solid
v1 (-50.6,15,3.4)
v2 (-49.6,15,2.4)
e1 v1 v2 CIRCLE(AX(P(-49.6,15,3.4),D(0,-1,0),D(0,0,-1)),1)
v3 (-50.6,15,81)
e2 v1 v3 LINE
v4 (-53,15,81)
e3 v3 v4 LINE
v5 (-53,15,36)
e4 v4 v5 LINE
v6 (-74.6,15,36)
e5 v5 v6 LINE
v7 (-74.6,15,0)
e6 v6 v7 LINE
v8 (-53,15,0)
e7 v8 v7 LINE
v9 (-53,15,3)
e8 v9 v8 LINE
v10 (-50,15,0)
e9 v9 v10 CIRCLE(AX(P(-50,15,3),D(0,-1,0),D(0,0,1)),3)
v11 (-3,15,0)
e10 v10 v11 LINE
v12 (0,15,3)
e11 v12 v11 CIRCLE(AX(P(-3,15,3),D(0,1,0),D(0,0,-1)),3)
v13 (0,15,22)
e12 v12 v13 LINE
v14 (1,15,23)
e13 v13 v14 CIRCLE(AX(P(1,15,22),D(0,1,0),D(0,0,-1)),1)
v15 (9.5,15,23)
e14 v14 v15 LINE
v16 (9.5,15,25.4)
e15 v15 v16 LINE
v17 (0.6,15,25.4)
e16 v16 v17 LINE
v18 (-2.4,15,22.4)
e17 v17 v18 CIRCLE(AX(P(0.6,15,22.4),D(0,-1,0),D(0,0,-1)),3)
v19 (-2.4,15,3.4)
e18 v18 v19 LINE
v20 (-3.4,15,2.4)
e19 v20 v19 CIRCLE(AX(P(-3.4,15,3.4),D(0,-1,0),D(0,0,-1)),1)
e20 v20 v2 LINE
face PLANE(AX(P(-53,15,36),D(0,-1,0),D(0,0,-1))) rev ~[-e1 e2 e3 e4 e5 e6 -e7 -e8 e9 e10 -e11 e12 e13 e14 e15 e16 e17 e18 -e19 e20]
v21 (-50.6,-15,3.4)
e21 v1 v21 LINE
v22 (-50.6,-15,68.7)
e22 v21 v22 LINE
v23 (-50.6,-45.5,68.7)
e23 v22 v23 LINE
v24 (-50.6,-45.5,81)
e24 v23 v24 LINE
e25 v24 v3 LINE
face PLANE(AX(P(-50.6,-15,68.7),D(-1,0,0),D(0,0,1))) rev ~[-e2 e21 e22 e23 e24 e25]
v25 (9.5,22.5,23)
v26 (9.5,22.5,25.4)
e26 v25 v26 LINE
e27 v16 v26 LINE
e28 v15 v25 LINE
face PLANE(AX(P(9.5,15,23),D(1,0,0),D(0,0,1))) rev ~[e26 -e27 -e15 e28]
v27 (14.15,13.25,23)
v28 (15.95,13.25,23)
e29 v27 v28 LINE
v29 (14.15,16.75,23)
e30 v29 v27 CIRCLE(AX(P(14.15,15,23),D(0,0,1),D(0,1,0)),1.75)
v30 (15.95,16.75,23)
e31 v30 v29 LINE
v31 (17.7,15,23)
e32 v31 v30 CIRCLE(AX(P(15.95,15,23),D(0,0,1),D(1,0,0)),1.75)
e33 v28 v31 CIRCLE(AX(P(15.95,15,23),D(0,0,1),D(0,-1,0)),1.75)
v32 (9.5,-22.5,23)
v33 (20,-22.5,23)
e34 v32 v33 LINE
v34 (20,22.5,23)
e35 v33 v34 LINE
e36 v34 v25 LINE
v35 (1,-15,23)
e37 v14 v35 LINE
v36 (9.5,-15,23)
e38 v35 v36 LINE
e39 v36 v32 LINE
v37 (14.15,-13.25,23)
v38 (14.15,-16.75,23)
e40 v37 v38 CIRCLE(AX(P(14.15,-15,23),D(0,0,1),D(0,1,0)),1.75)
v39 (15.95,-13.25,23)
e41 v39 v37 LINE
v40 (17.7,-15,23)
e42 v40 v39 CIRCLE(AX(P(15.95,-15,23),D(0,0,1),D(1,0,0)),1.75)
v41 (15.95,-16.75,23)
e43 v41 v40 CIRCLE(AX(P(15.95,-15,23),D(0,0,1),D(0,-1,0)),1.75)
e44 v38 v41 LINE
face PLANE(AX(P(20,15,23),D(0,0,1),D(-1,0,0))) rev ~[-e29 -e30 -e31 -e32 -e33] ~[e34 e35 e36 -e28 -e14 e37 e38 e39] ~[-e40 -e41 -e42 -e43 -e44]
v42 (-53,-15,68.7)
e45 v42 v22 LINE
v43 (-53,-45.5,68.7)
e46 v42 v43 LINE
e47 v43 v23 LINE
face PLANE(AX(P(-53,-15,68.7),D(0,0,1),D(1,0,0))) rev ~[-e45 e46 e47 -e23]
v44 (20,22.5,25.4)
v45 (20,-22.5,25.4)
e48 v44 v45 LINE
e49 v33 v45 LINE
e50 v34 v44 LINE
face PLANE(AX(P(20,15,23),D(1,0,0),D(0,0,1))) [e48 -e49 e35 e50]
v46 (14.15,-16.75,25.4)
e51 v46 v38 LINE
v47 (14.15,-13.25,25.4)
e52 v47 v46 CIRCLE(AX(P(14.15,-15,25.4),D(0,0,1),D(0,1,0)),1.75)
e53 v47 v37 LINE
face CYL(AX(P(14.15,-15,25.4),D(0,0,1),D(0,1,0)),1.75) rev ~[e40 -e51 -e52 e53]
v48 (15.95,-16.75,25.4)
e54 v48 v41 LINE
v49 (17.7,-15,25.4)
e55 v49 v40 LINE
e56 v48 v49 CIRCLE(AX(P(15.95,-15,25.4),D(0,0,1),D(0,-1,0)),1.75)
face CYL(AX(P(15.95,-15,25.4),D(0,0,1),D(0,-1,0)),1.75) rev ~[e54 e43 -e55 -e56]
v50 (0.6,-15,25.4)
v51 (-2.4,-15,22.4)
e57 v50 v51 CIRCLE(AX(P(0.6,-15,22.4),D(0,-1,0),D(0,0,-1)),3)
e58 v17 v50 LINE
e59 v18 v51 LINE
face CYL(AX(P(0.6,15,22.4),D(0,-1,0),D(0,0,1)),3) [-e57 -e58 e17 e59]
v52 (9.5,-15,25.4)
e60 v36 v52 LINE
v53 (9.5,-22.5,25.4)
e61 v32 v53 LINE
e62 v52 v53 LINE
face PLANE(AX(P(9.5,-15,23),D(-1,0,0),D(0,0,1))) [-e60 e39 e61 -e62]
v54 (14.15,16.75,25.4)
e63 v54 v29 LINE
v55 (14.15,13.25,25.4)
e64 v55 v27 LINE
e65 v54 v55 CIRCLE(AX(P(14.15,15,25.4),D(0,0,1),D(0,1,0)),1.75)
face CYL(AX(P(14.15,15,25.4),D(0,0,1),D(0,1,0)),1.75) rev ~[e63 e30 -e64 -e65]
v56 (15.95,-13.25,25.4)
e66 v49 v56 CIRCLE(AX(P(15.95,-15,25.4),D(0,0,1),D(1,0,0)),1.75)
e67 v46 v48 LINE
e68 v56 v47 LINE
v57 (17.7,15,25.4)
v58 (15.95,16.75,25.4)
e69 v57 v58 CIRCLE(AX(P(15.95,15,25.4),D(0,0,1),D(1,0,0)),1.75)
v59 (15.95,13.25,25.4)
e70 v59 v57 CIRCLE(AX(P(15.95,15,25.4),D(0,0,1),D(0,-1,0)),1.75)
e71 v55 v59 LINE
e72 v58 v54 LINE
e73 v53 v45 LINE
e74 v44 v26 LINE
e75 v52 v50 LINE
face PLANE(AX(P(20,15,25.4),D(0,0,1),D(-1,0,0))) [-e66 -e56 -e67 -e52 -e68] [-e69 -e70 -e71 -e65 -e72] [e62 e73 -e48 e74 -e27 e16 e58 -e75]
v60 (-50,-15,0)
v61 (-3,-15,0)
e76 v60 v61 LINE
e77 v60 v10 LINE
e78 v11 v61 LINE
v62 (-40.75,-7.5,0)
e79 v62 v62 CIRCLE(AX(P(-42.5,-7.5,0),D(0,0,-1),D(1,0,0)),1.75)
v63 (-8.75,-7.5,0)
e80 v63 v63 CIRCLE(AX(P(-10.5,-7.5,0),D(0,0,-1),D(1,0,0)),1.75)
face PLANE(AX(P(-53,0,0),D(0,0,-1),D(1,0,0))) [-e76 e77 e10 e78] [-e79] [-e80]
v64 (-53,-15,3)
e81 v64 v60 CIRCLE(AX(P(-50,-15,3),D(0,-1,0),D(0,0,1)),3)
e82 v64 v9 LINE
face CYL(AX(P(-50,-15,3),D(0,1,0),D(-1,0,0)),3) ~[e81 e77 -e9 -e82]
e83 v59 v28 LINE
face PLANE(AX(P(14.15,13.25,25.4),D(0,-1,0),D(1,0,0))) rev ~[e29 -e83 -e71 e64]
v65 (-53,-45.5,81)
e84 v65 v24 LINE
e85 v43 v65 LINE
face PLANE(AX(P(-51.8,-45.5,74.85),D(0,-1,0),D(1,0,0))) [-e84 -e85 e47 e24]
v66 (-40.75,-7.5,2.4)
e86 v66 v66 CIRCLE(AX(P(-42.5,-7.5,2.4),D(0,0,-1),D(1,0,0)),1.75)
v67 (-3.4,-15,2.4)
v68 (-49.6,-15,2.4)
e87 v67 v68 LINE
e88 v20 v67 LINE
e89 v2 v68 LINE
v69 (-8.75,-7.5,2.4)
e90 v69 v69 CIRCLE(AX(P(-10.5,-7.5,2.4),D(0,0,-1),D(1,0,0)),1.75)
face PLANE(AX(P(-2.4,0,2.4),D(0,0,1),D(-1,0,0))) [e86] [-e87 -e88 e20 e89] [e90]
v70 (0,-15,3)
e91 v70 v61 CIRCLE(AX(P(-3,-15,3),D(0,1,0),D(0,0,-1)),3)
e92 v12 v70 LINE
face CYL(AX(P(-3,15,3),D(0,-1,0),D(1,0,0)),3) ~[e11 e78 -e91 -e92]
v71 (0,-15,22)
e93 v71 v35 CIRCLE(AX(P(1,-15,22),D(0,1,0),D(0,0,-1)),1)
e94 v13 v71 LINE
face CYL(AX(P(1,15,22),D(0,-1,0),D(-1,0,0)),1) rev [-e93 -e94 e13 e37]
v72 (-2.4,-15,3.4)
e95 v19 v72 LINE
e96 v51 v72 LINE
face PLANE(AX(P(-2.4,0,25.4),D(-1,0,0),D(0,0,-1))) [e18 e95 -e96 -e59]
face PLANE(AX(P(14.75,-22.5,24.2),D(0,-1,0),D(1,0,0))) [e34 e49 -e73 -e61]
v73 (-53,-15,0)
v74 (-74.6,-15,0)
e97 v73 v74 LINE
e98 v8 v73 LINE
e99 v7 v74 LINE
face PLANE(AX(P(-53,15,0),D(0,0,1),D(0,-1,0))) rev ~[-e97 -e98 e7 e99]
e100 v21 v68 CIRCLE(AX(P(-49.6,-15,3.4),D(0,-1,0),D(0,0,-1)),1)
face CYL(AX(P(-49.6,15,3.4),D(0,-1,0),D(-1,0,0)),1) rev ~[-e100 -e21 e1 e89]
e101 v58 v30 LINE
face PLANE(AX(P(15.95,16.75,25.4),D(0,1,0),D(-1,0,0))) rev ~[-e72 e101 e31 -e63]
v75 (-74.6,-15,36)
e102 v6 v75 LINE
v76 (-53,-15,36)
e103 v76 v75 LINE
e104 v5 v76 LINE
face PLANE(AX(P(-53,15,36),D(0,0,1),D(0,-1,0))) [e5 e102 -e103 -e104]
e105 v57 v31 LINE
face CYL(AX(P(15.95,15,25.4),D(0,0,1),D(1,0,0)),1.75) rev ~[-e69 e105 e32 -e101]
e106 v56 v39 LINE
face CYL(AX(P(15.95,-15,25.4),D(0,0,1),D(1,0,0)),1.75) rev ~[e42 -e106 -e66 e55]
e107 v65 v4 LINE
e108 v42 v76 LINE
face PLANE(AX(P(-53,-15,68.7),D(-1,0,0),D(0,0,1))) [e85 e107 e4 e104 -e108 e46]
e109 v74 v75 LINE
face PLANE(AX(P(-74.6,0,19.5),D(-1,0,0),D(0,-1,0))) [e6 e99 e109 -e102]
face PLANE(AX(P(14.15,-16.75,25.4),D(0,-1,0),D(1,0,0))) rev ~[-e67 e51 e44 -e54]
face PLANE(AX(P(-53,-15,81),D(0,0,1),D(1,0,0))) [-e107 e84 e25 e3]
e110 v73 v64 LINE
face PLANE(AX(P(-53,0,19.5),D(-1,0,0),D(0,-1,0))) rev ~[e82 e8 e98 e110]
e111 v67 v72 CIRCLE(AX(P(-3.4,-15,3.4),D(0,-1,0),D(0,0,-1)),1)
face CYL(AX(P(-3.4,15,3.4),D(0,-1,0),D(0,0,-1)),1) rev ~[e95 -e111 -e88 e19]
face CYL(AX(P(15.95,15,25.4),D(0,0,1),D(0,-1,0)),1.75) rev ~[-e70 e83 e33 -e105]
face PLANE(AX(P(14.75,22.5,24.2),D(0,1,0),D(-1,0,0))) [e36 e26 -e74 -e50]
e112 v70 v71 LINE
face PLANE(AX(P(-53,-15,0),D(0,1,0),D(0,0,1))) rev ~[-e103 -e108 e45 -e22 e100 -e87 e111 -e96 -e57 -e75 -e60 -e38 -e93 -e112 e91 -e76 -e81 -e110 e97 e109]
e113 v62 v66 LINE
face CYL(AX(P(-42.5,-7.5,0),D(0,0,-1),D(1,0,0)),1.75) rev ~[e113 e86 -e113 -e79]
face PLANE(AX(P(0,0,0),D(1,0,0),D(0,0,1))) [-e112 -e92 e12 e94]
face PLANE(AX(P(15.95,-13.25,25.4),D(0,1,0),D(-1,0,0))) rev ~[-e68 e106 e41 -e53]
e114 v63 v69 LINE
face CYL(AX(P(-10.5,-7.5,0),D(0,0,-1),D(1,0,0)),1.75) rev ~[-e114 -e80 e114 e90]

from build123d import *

# Parameters (mm, degrees)
F1_DEPTH  = 15
F2_W      = 2.4
F2_H      = 12.3
F3_DEPTH  = 30.5
F2_W_2    = 10.5
F2_H_2    = 2.4
F4_DEPTH  = 7.5
F5_W      = 10.5
F5_H      = 2.4
F6_DEPTH  = 7.5
F8_DEPTH  = 2.4
F9_R      = 3
F10_R     = 1
F11_W     = 30
F11_H     = 33
F11_H_2   = 3
F12_DEPTH = 21.6
F13_R     = 1.75
F14_DEPTH = 2.4


with BuildPart() as f1:
    # F0 (on Front) → F1 (new body, symmetric)
    with BuildSketch(Plane.XZ):
        Polygon((-53, 0), (0, 0), (0, 23), (20, 23), (20, 25.4), (-2.4, 25.4), (-2.4, 2.4), (-50.6, 2.4), (-50.6, 81), (-53, 81), align=None)
    extrude(amount=F1_DEPTH, both=True)

    # F2 (on face) → F3 (join)
    with BuildSketch(Plane.XZ.offset(15)):
        with Locations((-51.8, 74.85)):
            Rectangle(F2_W, F2_H)
    extrude(amount=F3_DEPTH)

    # F2 (on face) → F4 (join)
    with BuildSketch(Plane.XZ.offset(15)):
        with Locations((14.75, 24.2)):
            Rectangle(F2_W_2, F2_H_2)
    extrude(amount=F4_DEPTH)

    # F5 (on face) → F6 (join)
    with BuildSketch(Plane(origin=(0, 15, 0), x_dir=(-1, 0, 0), z_dir=(0, 1, 0))):
        with Locations((-14.75, 24.2)):
            Rectangle(F5_W, F5_H)
    extrude(amount=F6_DEPTH)

    # F7 (on face) → F8 (cut, through all)
    with BuildSketch(Plane.XY.offset(25.4)):
        with BuildLine():
            ThreePointArc((15.05, -13.499166898), (14.6169272275, -13.3134416807), (14.15, -13.25))
            ThreePointArc((14.15, -13.25), (12.4, -15), (14.15, -16.75))
            ThreePointArc((14.15, -16.75), (14.6169272275, -16.6865583193), (15.05, -16.500833102))
            ThreePointArc((15.05, -16.500833102), (14.2, -15), (15.05, -13.499166898))
        make_face()
        with BuildLine():
            ThreePointArc((15.9, -15), (15.6727442333, -14.1375905845), (15.05, -13.499166898))
            ThreePointArc((15.05, -13.499166898), (14.2, -15), (15.05, -16.500833102))
            ThreePointArc((15.05, -16.500833102), (15.6727442333, -15.8624094155), (15.9, -15))
        make_face()
        with BuildLine():
            ThreePointArc((15.95, -13.25), (15.4830727725, -13.3134416807), (15.05, -13.499166898))
            ThreePointArc((15.05, -13.499166898), (15.6727442333, -14.1375905845), (15.9, -15))
            ThreePointArc((15.9, -15), (15.6727442333, -15.8624094155), (15.05, -16.500833102))
            ThreePointArc((15.05, -16.500833102), (15.4830727725, -16.6865583193), (15.95, -16.75))
            ThreePointArc((15.95, -16.75), (17.1874368671, -16.2374368671), (17.7, -15))
            ThreePointArc((17.7, -15), (17.1874368671, -13.7625631329), (15.95, -13.25))
        make_face()
        with BuildLine():
            Line((15.95, -13.25), (14.15, -13.25))
            ThreePointArc((14.15, -13.25), (14.6169272275, -13.3134416807), (15.05, -13.499166898))
            ThreePointArc((15.05, -13.499166898), (15.4830727725, -13.3134416807), (15.95, -13.25))
        make_face()
        with BuildLine():
            ThreePointArc((15.05, -16.500833102), (14.6169272275, -16.6865583193), (14.15, -16.75))
            Line((14.15, -16.75), (15.95, -16.75))
            ThreePointArc((15.95, -16.75), (15.4830727725, -16.6865583193), (15.05, -16.500833102))
        make_face()
        with BuildLine():
            ThreePointArc((15.05, 16.500833102), (14.6169272275, 16.6865583193), (14.15, 16.75))
            ThreePointArc((14.15, 16.75), (12.4, 15), (14.15, 13.25))
            ThreePointArc((14.15, 13.25), (14.6169272275, 13.3134416807), (15.05, 13.499166898))
            ThreePointArc((15.05, 13.499166898), (14.2, 15), (15.05, 16.500833102))
        make_face()
        with BuildLine():
            ThreePointArc((15.9, 15), (15.6727442333, 15.8624094155), (15.05, 16.500833102))
            ThreePointArc((15.05, 16.500833102), (14.2, 15), (15.05, 13.499166898))
            ThreePointArc((15.05, 13.499166898), (15.6727442333, 14.1375905845), (15.9, 15))
        make_face()
        with BuildLine():
            ThreePointArc((15.95, 16.75), (15.4830727725, 16.6865583193), (15.05, 16.500833102))
            ThreePointArc((15.05, 16.500833102), (15.6727442333, 15.8624094155), (15.9, 15))
            ThreePointArc((15.9, 15), (15.6727442333, 14.1375905845), (15.05, 13.499166898))
            ThreePointArc((15.05, 13.499166898), (15.4830727725, 13.3134416807), (15.95, 13.25))
            ThreePointArc((15.95, 13.25), (17.1874368671, 13.7625631329), (17.7, 15))
            ThreePointArc((17.7, 15), (17.1874368671, 16.2374368671), (15.95, 16.75))
        make_face()
        with BuildLine():
            Line((15.95, 16.75), (14.15, 16.75))
            ThreePointArc((14.15, 16.75), (14.6169272275, 16.6865583193), (15.05, 16.500833102))
            ThreePointArc((15.05, 16.500833102), (15.4830727725, 16.6865583193), (15.95, 16.75))
        make_face()
        with BuildLine():
            ThreePointArc((15.05, 13.499166898), (14.6169272275, 13.3134416807), (14.15, 13.25))
            Line((14.15, 13.25), (15.95, 13.25))
            ThreePointArc((15.95, 13.25), (15.4830727725, 13.3134416807), (15.05, 13.499166898))
        make_face()
    extrude(amount=-F8_DEPTH, mode=Mode.SUBTRACT)

    # F9
    f9_edges = [f1.edges().sort_by_distance(p)[0] for p in [
        (-2.4, 0, 25.4),
        (0, 0, 0),
        (-53, 0, 0),
    ]]
    fillet(f9_edges, radius=F9_R)

    # F10
    f10_edges = [f1.edges().sort_by_distance(p)[0] for p in [
        (-50.6, 0, 2.4),
        (-2.4, 0, 2.4),
        (0, 0, 23),
    ]]
    fillet(f10_edges, radius=F10_R)

    # F11 (on face) → F12 (join)
    with BuildSketch(Plane(origin=(-53, 0, 0), x_dir=(0, -1, 0), z_dir=(-1, 0, 0))):
        with Locations((0, 19.5)):
            Rectangle(F11_W, F11_H)
        with Locations((0, 1.5)):
            Rectangle(F11_W, F11_H_2)
    extrude(amount=F12_DEPTH)

    # F13 (on face) → F14 (cut, through all)
    with BuildSketch(Plane(origin=(0, 0, 0), x_dir=(1, 0, 0), z_dir=(0, 0, -1))):
        with Locations((-42.5, 7.5)):
            Circle(F13_R)
        with Locations((-10.5, 7.5)):
            Circle(F13_R)
    extrude(amount=-F14_DEPTH, mode=Mode.SUBTRACT)


solid = f1.part
